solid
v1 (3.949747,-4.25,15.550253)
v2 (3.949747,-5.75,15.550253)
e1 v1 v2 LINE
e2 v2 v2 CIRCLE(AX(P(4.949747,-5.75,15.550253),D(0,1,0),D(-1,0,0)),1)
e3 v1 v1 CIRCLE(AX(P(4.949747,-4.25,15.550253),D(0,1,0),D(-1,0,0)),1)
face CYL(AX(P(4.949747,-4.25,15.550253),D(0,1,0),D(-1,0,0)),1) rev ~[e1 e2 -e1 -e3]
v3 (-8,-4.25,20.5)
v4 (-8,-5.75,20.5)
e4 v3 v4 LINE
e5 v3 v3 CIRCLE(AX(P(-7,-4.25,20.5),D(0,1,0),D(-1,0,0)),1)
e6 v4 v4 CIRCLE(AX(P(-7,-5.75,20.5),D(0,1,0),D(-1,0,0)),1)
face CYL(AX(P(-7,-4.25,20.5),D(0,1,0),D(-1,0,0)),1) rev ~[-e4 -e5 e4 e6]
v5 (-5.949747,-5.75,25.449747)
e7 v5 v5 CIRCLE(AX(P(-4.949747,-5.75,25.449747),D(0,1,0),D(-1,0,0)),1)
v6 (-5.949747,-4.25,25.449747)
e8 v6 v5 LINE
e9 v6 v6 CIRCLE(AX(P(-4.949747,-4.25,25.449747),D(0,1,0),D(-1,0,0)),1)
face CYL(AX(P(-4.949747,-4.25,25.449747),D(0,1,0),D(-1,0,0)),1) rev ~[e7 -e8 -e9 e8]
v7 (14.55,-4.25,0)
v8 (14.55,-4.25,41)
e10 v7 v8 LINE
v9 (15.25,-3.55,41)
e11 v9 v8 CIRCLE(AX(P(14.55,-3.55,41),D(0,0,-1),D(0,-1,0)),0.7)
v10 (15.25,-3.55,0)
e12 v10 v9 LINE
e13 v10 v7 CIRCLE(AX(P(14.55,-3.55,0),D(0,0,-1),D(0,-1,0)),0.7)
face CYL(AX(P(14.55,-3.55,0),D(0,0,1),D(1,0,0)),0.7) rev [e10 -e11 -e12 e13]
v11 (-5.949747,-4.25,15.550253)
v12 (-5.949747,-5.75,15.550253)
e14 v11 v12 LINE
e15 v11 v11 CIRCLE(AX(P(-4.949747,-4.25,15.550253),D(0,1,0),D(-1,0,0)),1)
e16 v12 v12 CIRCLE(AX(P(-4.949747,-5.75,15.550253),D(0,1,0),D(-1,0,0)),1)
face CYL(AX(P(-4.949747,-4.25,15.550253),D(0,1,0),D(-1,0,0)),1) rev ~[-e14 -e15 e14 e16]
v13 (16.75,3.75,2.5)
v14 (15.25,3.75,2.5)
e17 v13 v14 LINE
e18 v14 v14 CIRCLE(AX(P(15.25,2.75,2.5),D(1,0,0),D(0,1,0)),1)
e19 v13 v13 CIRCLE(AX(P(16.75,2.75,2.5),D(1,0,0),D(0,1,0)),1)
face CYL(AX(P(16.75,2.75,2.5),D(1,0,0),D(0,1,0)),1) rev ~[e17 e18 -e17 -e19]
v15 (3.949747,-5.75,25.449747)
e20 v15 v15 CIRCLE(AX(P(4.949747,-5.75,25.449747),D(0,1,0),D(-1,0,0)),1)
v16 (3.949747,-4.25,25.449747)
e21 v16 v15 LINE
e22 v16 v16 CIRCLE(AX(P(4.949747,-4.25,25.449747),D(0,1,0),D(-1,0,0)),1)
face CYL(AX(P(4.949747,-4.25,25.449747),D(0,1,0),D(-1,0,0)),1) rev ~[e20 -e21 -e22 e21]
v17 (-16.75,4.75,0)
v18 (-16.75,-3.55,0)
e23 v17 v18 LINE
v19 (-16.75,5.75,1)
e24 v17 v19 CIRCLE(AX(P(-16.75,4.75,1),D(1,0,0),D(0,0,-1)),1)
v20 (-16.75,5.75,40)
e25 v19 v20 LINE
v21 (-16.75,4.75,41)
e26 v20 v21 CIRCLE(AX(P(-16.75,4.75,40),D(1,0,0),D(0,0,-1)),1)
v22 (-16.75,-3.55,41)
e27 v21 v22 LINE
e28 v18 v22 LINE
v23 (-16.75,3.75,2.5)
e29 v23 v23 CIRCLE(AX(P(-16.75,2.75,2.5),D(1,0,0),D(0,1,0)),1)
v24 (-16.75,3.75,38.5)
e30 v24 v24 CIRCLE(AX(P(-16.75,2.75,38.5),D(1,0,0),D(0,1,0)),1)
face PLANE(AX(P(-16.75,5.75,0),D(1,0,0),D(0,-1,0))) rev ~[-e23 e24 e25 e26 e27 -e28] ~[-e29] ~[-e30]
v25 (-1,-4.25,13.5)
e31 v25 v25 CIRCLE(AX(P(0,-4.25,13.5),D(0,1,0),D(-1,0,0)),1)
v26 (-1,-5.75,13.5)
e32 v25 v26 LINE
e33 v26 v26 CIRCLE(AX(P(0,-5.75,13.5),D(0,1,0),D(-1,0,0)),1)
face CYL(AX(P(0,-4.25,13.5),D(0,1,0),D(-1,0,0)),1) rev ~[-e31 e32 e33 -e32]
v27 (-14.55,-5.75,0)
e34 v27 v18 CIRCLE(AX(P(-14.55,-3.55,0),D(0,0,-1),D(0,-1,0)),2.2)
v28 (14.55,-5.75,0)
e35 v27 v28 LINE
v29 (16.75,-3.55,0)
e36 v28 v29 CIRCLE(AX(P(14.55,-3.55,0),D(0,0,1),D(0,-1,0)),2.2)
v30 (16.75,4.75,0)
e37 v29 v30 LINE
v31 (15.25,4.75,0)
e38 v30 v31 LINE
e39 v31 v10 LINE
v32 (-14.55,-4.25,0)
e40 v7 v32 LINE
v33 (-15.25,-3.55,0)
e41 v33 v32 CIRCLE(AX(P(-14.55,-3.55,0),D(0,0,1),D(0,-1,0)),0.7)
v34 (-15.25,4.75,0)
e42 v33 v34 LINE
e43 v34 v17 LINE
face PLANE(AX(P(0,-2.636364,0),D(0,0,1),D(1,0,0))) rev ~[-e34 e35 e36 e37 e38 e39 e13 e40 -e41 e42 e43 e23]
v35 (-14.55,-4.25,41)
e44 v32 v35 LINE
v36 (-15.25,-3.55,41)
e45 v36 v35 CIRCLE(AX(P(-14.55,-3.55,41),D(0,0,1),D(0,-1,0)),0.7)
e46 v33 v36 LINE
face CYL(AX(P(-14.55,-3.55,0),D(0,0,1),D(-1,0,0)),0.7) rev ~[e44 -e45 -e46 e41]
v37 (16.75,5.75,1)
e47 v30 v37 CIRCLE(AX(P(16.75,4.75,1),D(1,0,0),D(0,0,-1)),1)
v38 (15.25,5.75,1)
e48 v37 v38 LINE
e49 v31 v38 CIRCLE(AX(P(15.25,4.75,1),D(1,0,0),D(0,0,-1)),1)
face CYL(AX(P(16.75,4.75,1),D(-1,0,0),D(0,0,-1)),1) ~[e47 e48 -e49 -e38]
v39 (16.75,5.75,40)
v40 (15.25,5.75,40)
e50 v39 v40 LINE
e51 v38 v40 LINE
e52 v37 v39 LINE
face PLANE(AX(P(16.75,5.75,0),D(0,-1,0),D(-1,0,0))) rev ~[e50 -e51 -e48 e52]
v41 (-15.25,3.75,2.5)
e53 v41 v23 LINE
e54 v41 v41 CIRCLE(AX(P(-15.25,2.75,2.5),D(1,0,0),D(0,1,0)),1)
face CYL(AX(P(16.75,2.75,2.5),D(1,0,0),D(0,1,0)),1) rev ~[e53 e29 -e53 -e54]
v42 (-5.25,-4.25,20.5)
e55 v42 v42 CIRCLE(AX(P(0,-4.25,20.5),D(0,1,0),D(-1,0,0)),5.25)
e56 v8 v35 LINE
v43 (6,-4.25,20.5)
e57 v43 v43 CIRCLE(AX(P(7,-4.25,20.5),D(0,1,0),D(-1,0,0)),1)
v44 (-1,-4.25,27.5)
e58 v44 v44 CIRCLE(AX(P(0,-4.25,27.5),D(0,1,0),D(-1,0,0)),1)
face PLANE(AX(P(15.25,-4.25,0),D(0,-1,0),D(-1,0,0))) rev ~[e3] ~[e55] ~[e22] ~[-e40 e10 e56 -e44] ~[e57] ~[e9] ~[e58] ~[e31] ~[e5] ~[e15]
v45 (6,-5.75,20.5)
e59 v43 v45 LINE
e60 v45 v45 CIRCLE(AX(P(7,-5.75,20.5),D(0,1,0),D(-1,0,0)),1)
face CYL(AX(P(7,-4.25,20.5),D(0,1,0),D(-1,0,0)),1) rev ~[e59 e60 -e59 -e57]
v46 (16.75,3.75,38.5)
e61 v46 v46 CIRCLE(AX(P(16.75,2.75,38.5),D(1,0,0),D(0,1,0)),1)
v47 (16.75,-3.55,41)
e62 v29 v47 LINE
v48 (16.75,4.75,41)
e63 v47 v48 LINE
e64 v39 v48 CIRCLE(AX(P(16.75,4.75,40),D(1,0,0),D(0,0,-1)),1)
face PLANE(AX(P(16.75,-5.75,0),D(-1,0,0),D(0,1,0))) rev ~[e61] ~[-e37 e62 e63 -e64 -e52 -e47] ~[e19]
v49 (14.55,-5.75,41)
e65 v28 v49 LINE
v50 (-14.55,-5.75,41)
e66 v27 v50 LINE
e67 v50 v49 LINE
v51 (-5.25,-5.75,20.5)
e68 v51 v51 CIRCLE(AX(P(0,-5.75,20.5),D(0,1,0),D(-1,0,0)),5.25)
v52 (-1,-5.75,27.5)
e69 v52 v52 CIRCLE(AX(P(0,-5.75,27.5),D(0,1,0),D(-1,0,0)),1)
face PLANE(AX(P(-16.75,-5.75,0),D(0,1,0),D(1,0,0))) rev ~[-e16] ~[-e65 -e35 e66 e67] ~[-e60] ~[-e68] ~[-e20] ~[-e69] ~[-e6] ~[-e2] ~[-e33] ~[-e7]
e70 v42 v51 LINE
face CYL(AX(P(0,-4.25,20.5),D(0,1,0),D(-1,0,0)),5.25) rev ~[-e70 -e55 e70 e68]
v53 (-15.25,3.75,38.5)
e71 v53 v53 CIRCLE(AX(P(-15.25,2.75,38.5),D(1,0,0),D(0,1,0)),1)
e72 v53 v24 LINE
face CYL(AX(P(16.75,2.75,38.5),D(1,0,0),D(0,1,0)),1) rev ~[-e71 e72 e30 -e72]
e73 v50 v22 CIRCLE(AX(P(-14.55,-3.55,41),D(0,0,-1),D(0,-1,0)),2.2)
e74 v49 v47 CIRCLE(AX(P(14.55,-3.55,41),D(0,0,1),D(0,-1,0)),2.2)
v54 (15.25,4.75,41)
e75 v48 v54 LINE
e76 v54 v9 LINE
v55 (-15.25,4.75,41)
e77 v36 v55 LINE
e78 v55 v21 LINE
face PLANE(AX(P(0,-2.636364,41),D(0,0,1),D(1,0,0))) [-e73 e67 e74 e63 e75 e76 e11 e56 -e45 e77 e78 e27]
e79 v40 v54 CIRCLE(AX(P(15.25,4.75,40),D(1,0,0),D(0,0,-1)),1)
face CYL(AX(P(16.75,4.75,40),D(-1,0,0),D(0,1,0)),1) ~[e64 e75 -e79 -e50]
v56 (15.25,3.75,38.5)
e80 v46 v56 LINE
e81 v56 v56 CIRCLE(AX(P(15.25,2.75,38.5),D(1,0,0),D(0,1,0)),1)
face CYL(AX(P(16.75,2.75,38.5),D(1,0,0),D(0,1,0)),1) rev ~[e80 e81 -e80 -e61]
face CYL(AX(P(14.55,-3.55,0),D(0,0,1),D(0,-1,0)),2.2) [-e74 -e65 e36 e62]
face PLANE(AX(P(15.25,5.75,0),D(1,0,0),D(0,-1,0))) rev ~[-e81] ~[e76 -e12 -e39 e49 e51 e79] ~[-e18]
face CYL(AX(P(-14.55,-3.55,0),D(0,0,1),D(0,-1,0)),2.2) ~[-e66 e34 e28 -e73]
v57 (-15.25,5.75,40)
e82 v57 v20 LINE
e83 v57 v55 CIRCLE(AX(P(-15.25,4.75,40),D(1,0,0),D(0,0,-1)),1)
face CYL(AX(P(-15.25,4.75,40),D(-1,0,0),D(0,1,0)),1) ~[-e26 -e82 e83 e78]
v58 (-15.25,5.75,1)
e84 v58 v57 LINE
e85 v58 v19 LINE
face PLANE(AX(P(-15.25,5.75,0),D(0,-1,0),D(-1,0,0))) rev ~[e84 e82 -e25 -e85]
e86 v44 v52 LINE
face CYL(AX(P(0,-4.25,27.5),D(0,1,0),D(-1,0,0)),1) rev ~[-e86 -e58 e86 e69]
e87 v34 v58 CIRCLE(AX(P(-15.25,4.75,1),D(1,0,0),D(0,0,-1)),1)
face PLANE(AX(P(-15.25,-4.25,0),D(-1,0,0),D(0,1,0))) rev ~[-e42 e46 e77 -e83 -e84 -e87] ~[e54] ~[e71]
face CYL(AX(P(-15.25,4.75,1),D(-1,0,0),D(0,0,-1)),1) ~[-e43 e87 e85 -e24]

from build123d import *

# Parameters (mm, degrees)
F1_DEPTH = 41
F2_R     = 2.2
F3_R     = 0.7
F4_R     = 1
F5_DEPTH = 33.501
F6_R     = 1
F7_R     = 5.25
F7_R_2   = 1
F8_DEPTH = 1.5


with BuildPart() as f1:
    # F0 (on Top) → F1 (new body)
    with BuildSketch(Plane.XY):
        Polygon((-16.75, -5.75), (16.75, -5.75), (16.75, 5.75), (15.25, 5.75), (15.25, -4.25), (-15.25, -4.25), (-15.25, 5.75), (-16.75, 5.75), align=None)
    extrude(amount=F1_DEPTH)

    # F2
    f2_edges = [f1.edges().sort_by_distance(p)[0] for p in [
        (16.75, -5.75, 20.5),
        (-16.75, -5.75, 20.5),
    ]]
    fillet(f2_edges, radius=F2_R)

    # F3
    f3_edges = [f1.edges().sort_by_distance(p)[0] for p in [
        (-15.25, -4.25, 20.5),
        (15.25, -4.25, 20.5),
    ]]
    fillet(f3_edges, radius=F3_R)

    # F4 (on face) → F5 (cut, through all)
    with BuildSketch(Plane.YZ.offset(16.75)):
        with Locations((2.75, 38.5)):
            Circle(F4_R)
        with Locations((2.75, 2.5)):
            Circle(F4_R)
    extrude(amount=-F5_DEPTH, mode=Mode.SUBTRACT)

    # F6
    f6_edges = [f1.edges().sort_by_distance(p)[0] for p in [
        (-16, 5.75, 41),
        (16, 5.75, 41),
        (-16, 5.75, 0),
        (16, 5.75, 0),
    ]]
    fillet(f6_edges, radius=F6_R)

    # F7 (on face) → F8 (cut, through all)
    with BuildSketch(Plane(origin=(0, -4.25, 0), x_dir=(-1, 0, 0), z_dir=(0, 1, 0))):
        with Locations((0, 20.5)):
            Circle(F7_R)
        with Locations((0, 27.5)):
            Circle(F7_R_2)
        with Locations((-4.949747, 25.449747)):
            Circle(F7_R_2)
        with Locations((-7, 20.5)):
            Circle(F7_R_2)
        with Locations((-4.949747, 15.550253)):
            Circle(F7_R_2)
        with Locations((0, 13.5)):
            Circle(F7_R_2)
        with Locations((4.949747, 15.550253)):
            Circle(F7_R_2)
        with Locations((7, 20.5)):
            Circle(F7_R_2)
        with Locations((4.949747, 25.449747)):
            Circle(F7_R_2)
    extrude(amount=-F8_DEPTH, mode=Mode.SUBTRACT)


solid = f1.part
